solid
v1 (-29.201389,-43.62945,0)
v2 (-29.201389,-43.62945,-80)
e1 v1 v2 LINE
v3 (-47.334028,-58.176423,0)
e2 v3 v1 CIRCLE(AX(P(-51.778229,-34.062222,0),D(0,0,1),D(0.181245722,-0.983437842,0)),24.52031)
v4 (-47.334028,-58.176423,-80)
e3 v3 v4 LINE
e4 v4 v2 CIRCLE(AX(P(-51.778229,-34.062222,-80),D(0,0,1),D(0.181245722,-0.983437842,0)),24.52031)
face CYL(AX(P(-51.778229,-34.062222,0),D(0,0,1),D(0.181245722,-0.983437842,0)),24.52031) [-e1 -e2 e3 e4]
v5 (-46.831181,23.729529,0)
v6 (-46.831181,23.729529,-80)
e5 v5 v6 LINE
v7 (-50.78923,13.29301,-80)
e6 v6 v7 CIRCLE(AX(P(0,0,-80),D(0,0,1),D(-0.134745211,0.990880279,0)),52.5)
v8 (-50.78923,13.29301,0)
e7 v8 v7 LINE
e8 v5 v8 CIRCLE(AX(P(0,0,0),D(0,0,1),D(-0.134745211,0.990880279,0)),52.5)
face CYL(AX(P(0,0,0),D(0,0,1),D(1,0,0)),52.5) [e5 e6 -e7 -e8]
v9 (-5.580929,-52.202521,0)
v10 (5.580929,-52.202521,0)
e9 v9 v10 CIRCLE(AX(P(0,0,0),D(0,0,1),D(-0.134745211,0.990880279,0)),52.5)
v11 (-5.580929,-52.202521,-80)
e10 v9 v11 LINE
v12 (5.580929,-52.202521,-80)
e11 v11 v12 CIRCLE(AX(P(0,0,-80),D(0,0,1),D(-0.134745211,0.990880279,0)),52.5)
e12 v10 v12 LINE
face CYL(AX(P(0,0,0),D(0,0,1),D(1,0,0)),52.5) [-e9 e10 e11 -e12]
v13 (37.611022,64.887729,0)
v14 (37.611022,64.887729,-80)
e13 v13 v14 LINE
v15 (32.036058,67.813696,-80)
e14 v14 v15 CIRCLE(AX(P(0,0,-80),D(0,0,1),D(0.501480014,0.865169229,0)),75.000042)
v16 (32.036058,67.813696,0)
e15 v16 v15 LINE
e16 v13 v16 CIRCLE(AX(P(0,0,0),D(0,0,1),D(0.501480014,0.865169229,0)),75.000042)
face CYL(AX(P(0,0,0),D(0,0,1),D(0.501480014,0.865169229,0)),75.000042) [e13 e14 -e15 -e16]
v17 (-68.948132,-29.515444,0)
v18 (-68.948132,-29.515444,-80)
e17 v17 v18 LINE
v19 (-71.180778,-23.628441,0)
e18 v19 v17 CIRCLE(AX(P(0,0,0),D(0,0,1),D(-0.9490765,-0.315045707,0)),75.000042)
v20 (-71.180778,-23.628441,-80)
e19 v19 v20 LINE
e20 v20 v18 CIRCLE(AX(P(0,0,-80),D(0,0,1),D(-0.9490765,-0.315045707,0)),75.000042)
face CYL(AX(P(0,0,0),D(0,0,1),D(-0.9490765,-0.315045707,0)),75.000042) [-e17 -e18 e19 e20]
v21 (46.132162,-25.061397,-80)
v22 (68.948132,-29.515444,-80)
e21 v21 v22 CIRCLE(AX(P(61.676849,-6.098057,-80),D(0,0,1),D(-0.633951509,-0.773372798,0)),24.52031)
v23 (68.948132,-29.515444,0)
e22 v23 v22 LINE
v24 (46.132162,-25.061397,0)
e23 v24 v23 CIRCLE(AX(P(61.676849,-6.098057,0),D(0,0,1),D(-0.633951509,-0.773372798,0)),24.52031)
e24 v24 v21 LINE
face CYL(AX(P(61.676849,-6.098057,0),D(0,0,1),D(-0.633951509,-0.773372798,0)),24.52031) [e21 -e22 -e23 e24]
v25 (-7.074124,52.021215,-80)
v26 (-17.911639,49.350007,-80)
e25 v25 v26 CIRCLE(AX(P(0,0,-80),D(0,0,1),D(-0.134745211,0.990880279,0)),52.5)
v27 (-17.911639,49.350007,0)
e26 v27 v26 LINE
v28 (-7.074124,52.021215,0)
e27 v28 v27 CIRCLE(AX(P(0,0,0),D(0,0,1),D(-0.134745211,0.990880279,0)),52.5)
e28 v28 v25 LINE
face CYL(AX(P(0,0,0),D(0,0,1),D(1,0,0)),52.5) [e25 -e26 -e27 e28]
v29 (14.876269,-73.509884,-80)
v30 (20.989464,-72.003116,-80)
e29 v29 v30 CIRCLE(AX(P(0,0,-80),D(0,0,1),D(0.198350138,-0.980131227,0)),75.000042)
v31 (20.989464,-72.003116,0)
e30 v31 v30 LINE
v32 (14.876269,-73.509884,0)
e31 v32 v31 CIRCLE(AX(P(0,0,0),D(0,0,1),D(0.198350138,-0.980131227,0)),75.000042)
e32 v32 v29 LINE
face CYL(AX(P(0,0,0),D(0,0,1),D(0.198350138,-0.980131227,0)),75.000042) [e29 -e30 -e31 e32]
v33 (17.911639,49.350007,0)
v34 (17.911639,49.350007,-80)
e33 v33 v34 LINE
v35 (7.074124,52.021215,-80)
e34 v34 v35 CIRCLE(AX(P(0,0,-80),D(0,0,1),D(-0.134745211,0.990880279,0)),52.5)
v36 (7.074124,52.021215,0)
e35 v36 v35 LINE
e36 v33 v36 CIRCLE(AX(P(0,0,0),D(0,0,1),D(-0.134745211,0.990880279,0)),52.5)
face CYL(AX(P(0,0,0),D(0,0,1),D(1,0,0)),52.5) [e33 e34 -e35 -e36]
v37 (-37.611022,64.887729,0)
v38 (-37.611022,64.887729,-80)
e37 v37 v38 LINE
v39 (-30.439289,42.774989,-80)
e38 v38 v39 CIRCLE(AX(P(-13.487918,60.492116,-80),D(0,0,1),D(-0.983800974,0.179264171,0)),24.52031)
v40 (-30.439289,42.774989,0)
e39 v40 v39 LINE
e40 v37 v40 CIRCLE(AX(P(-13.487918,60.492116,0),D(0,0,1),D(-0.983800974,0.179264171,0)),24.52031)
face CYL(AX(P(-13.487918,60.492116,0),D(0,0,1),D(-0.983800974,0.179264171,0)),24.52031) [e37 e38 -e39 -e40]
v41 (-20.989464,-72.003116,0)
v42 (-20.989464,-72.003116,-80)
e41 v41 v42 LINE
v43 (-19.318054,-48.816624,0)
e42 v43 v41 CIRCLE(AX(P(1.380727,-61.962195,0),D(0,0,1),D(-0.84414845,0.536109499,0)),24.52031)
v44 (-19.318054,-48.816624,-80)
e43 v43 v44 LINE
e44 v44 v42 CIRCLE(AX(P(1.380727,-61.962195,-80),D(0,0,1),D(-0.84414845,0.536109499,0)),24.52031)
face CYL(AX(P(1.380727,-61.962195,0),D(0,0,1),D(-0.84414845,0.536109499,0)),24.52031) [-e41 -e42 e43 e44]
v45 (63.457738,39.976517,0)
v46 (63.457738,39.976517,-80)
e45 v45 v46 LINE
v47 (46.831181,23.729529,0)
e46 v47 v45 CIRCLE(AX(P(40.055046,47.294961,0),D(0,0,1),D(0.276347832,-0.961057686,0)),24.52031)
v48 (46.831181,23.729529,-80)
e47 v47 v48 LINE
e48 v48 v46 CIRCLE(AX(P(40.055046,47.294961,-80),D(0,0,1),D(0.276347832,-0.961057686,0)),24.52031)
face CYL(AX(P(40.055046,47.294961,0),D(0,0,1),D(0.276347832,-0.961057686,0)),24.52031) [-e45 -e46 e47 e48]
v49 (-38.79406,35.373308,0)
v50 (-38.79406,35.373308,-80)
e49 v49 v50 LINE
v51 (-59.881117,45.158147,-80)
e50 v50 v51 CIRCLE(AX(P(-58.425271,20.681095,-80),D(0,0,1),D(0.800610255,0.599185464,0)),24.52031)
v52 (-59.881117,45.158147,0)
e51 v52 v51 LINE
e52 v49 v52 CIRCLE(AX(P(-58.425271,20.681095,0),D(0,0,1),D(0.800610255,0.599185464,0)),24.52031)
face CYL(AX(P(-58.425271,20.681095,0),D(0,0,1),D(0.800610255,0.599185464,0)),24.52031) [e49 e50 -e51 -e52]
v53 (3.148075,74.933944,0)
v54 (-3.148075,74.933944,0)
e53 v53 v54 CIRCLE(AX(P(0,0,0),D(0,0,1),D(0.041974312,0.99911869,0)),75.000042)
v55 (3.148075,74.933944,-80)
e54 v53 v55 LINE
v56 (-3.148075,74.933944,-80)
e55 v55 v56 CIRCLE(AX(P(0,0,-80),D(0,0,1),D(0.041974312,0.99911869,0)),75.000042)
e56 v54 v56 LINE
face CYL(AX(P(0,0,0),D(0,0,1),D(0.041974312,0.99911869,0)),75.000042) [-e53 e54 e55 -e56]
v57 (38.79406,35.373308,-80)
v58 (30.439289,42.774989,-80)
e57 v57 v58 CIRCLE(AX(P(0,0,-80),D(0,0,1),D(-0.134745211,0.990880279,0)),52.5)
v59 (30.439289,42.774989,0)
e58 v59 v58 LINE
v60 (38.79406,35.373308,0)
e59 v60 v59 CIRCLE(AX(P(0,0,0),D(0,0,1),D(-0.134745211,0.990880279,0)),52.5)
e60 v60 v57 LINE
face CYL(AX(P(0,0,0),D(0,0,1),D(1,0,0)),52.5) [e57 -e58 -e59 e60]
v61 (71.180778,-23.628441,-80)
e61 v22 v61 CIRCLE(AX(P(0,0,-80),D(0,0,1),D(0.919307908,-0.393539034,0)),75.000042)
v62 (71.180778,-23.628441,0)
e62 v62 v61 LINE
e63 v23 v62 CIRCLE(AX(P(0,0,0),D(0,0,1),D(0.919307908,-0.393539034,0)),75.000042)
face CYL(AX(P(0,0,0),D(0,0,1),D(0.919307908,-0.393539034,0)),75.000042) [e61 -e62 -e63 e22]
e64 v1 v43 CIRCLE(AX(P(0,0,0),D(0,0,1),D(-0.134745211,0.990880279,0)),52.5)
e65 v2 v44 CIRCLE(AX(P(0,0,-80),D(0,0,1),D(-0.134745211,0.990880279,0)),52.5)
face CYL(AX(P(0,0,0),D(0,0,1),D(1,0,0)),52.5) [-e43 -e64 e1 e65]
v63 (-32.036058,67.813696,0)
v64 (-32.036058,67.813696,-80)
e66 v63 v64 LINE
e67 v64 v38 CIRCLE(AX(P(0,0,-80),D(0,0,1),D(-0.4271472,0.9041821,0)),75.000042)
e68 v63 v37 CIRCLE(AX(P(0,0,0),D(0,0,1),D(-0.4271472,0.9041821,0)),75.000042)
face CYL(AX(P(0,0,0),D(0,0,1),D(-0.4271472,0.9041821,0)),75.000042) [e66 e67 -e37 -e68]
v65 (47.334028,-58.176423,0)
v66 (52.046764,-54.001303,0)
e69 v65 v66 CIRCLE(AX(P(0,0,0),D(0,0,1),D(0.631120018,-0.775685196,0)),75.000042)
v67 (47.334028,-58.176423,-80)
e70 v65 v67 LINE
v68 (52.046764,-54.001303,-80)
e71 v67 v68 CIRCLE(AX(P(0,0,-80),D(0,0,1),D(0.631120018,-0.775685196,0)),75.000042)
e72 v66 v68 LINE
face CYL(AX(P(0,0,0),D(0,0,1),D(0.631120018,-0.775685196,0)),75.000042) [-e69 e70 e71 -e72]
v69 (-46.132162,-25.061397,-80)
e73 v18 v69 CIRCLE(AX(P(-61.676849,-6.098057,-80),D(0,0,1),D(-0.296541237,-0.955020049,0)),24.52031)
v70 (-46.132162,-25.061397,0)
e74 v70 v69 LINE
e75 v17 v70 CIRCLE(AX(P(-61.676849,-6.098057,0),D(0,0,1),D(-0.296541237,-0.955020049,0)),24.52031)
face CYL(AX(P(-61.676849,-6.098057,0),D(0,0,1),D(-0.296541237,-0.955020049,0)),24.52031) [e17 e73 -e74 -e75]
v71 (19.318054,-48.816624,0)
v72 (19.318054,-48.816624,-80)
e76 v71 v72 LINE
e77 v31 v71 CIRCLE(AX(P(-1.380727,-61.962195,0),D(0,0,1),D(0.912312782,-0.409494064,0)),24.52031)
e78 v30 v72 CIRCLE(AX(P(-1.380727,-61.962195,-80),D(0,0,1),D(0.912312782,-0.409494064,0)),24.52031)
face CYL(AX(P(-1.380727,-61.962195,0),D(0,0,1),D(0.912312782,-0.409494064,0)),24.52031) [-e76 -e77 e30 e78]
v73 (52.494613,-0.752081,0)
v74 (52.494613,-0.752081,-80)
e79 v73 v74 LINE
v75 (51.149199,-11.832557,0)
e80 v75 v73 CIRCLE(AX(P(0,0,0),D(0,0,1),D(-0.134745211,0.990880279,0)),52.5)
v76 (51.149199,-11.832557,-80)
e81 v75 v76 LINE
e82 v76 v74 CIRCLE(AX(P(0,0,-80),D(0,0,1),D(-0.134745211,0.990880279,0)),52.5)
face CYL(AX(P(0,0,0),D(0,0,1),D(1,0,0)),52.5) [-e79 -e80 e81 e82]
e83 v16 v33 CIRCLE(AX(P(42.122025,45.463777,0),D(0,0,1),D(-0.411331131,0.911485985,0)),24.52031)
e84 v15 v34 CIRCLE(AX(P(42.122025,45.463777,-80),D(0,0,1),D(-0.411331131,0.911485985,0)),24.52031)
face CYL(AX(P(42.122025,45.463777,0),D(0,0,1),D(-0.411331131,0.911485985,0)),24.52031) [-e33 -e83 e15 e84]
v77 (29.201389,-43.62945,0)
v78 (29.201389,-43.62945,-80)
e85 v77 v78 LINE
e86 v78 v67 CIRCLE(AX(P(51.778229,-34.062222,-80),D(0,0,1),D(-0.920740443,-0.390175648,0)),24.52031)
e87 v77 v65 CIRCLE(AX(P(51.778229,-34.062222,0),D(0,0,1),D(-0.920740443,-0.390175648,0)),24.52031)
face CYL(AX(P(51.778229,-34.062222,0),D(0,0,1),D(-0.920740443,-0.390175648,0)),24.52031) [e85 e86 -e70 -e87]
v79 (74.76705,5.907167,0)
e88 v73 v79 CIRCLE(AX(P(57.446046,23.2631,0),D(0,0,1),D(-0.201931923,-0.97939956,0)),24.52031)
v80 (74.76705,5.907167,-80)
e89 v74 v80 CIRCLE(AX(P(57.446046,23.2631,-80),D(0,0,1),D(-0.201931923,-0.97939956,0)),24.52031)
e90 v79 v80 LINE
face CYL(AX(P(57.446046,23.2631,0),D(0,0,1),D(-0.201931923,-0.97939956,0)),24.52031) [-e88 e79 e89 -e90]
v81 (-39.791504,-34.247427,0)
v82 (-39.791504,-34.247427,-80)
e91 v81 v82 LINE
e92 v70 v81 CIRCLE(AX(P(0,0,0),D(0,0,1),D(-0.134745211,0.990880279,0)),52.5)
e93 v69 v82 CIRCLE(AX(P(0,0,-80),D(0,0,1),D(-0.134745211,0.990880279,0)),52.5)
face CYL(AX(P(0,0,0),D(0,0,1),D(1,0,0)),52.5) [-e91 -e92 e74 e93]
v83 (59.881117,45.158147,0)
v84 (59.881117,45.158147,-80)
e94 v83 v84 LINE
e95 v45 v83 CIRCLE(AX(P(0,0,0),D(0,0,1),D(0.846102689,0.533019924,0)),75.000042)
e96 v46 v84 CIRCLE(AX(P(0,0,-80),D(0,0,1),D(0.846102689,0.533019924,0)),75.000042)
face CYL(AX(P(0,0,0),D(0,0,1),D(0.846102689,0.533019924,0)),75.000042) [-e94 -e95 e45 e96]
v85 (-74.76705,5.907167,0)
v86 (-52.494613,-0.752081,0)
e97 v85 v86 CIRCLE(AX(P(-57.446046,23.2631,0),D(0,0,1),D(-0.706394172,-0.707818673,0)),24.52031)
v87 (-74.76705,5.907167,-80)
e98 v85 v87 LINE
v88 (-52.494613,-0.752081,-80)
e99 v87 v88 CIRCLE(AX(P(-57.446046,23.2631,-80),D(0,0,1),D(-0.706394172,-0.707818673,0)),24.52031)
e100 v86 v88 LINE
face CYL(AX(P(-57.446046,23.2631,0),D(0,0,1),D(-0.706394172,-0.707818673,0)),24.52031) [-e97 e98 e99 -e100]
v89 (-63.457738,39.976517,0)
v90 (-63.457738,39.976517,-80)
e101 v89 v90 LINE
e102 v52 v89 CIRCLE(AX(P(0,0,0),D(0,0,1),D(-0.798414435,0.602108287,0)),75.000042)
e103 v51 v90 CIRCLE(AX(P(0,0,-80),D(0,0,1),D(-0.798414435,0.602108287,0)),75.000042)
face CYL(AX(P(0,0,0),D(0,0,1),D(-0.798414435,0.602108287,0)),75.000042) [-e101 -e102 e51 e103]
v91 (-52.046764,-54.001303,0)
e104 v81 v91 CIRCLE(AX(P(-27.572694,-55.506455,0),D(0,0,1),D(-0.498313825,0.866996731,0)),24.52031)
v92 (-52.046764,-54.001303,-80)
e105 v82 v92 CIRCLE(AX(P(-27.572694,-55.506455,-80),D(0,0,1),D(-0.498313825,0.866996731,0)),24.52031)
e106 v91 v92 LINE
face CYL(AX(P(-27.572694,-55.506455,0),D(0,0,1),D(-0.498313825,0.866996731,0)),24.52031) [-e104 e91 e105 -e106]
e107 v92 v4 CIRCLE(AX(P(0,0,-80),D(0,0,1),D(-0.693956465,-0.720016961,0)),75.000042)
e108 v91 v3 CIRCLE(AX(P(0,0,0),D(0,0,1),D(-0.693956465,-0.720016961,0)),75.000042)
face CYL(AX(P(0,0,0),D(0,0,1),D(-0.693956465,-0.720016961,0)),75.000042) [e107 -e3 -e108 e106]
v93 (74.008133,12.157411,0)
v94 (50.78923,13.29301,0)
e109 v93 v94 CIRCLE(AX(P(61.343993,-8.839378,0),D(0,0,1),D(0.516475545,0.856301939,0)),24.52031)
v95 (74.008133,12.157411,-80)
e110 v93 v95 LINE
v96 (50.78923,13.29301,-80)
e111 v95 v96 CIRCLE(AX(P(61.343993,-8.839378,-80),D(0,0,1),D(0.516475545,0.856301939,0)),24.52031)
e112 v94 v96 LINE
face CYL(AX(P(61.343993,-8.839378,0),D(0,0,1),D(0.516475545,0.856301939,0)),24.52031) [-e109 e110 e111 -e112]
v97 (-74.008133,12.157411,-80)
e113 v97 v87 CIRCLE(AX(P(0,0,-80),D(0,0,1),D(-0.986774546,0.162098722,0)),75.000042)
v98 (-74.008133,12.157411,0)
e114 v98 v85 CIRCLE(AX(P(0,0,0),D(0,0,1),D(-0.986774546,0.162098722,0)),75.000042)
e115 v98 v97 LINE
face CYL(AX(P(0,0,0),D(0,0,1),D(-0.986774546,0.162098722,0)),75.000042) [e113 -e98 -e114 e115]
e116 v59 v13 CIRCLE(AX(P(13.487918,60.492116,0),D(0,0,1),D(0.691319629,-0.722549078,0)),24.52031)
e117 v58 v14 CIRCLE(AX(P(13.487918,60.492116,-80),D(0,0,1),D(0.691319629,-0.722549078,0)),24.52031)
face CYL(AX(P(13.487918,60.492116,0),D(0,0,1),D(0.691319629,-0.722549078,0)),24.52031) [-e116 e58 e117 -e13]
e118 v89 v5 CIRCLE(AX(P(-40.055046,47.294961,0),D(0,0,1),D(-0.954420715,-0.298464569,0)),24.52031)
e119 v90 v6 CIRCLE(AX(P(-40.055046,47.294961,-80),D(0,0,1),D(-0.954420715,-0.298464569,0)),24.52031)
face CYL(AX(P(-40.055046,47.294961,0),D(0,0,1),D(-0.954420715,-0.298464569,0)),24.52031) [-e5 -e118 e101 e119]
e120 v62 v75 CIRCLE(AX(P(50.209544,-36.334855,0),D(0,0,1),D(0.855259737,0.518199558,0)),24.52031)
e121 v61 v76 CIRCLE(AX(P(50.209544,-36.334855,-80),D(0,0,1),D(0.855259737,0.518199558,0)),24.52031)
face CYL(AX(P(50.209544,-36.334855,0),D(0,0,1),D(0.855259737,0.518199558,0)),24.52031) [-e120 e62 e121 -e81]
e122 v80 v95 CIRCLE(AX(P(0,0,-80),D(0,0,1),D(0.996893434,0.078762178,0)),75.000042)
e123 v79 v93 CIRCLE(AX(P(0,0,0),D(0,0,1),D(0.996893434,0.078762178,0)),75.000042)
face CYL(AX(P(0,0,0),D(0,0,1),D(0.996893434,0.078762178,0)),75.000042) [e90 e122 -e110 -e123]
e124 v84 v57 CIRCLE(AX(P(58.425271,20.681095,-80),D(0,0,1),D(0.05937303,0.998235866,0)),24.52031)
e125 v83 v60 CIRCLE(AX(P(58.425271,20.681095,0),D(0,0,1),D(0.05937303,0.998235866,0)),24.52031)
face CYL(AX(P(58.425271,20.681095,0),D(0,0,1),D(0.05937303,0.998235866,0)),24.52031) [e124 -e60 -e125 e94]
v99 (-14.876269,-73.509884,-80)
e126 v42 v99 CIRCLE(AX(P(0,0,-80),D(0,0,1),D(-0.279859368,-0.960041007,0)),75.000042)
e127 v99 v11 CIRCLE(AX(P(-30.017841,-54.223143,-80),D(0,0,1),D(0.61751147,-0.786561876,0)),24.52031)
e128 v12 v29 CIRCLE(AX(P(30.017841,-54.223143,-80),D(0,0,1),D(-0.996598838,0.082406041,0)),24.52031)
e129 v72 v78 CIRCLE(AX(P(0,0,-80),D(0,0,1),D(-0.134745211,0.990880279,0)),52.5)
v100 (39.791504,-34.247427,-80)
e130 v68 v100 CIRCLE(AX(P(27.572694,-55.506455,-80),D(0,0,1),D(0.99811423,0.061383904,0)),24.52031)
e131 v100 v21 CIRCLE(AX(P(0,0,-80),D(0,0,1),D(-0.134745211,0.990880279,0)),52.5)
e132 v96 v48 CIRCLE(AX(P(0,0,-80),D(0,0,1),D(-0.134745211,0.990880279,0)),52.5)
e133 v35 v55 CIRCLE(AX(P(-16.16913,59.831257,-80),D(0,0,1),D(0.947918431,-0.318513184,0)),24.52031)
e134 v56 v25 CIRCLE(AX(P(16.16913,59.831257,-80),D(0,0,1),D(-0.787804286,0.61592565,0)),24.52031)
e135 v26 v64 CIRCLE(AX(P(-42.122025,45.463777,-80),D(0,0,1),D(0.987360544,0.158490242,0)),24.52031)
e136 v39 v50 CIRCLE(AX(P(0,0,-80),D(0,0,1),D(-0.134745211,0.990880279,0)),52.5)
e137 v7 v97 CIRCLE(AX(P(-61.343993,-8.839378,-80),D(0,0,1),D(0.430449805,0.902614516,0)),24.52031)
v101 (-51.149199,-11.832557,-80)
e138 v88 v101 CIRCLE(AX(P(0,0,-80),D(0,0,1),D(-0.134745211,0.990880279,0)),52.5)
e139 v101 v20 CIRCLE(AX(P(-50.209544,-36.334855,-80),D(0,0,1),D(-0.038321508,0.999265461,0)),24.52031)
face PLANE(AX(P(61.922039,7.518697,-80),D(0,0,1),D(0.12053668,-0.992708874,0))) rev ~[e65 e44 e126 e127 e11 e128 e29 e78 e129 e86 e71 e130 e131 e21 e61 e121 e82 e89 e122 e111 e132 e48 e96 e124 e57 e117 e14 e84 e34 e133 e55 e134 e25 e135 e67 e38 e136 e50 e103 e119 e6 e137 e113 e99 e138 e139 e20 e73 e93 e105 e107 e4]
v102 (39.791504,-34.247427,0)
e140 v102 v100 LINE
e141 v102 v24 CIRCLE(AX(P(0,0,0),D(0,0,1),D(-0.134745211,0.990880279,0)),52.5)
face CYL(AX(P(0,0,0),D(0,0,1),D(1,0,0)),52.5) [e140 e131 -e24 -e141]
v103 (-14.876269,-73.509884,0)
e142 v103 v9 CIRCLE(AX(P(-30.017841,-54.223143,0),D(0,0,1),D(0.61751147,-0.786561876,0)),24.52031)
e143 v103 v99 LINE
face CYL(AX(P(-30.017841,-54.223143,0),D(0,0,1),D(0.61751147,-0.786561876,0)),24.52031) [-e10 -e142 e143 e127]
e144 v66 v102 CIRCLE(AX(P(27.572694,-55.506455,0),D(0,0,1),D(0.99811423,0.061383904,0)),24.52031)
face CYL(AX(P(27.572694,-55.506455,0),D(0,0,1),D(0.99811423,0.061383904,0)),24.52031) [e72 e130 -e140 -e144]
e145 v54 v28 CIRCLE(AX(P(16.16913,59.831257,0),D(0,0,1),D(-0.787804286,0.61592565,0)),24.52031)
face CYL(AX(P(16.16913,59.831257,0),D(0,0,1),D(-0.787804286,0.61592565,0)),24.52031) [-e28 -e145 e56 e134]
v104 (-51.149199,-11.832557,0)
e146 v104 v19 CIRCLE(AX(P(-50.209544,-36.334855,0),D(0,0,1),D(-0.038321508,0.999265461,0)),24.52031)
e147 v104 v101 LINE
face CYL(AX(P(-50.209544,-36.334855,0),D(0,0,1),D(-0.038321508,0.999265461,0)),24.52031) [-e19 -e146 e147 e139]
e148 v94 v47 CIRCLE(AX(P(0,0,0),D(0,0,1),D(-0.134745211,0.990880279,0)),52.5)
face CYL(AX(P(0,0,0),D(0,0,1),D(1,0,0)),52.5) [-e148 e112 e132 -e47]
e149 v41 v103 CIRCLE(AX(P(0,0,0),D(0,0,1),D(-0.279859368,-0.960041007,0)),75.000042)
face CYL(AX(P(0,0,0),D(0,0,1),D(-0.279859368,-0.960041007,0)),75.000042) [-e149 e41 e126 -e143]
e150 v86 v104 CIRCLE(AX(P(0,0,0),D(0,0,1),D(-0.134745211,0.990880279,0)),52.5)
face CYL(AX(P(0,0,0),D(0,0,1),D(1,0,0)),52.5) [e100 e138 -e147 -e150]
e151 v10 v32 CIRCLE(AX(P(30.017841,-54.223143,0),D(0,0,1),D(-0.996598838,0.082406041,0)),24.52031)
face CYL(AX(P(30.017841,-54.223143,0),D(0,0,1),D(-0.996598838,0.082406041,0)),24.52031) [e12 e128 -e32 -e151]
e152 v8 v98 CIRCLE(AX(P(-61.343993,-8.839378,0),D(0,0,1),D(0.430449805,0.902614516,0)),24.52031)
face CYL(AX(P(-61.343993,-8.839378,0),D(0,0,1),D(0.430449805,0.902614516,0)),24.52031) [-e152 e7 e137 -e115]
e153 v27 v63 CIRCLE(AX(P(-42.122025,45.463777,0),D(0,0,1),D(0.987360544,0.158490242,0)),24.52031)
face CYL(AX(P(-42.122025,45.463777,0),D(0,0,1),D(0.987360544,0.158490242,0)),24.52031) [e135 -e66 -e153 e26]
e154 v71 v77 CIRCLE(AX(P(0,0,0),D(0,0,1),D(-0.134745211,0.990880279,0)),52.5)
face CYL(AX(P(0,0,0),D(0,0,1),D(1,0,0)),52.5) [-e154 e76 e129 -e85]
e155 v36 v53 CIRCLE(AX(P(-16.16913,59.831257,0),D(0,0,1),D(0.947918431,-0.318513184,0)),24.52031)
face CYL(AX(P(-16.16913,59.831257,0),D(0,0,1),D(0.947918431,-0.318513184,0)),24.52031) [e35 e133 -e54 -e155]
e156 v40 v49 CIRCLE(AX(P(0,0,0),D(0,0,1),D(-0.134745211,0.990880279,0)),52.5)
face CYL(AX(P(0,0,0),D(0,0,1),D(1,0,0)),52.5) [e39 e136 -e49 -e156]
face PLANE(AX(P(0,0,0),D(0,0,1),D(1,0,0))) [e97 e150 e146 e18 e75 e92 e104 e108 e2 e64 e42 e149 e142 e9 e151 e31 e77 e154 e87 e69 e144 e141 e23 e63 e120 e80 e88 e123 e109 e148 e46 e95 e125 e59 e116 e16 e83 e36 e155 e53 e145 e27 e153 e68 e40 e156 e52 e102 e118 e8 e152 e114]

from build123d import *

# Parameters (mm, degrees)
SKETCH1_R           = 52.5
BASE_EXTRUDE_DEPTH  = 80
BOSS_EXTRUDE1_DEPTH = 80
CIRPATTERN1_COUNT   = 13


with BuildPart() as part:
    # Sketch1 → Base-Extrude (new body)
    with BuildSketch(Plane.XY):
        Circle(SKETCH1_R)
    extrude(amount=-BASE_EXTRUDE_DEPTH)

    # Sketch2 → Boss-Extrude1 (add)
    with BuildSketch(Plane.XY):
        with BuildLine():
            Line((-7.074123552, 52.021214672), (7.074123552, 52.021214672))
            ThreePointArc((7.074123552, 52.021214672), (7.998957546, 63.972407881), (3.148075167, 74.93394414))
            ThreePointArc((3.148075167, 74.93394414), (0, 75.000042411), (-3.148075167, 74.93394414))
            ThreePointArc((-3.148075167, 74.93394414), (-7.998957546, 63.972407881), (-7.074123552, 52.021214672))
        make_face()
    boss_extrude1 = extrude(amount=-BOSS_EXTRUDE1_DEPTH)

    # CirPattern1: Boss-Extrude1 ×13 about axis
    cirpattern1_axis = Axis((0, 0, 0), (0, 0, 1))
    for i in range(1, CIRPATTERN1_COUNT):
        add(boss_extrude1.rotate(cirpattern1_axis, i * 360 / CIRPATTERN1_COUNT))


solid = part.part
